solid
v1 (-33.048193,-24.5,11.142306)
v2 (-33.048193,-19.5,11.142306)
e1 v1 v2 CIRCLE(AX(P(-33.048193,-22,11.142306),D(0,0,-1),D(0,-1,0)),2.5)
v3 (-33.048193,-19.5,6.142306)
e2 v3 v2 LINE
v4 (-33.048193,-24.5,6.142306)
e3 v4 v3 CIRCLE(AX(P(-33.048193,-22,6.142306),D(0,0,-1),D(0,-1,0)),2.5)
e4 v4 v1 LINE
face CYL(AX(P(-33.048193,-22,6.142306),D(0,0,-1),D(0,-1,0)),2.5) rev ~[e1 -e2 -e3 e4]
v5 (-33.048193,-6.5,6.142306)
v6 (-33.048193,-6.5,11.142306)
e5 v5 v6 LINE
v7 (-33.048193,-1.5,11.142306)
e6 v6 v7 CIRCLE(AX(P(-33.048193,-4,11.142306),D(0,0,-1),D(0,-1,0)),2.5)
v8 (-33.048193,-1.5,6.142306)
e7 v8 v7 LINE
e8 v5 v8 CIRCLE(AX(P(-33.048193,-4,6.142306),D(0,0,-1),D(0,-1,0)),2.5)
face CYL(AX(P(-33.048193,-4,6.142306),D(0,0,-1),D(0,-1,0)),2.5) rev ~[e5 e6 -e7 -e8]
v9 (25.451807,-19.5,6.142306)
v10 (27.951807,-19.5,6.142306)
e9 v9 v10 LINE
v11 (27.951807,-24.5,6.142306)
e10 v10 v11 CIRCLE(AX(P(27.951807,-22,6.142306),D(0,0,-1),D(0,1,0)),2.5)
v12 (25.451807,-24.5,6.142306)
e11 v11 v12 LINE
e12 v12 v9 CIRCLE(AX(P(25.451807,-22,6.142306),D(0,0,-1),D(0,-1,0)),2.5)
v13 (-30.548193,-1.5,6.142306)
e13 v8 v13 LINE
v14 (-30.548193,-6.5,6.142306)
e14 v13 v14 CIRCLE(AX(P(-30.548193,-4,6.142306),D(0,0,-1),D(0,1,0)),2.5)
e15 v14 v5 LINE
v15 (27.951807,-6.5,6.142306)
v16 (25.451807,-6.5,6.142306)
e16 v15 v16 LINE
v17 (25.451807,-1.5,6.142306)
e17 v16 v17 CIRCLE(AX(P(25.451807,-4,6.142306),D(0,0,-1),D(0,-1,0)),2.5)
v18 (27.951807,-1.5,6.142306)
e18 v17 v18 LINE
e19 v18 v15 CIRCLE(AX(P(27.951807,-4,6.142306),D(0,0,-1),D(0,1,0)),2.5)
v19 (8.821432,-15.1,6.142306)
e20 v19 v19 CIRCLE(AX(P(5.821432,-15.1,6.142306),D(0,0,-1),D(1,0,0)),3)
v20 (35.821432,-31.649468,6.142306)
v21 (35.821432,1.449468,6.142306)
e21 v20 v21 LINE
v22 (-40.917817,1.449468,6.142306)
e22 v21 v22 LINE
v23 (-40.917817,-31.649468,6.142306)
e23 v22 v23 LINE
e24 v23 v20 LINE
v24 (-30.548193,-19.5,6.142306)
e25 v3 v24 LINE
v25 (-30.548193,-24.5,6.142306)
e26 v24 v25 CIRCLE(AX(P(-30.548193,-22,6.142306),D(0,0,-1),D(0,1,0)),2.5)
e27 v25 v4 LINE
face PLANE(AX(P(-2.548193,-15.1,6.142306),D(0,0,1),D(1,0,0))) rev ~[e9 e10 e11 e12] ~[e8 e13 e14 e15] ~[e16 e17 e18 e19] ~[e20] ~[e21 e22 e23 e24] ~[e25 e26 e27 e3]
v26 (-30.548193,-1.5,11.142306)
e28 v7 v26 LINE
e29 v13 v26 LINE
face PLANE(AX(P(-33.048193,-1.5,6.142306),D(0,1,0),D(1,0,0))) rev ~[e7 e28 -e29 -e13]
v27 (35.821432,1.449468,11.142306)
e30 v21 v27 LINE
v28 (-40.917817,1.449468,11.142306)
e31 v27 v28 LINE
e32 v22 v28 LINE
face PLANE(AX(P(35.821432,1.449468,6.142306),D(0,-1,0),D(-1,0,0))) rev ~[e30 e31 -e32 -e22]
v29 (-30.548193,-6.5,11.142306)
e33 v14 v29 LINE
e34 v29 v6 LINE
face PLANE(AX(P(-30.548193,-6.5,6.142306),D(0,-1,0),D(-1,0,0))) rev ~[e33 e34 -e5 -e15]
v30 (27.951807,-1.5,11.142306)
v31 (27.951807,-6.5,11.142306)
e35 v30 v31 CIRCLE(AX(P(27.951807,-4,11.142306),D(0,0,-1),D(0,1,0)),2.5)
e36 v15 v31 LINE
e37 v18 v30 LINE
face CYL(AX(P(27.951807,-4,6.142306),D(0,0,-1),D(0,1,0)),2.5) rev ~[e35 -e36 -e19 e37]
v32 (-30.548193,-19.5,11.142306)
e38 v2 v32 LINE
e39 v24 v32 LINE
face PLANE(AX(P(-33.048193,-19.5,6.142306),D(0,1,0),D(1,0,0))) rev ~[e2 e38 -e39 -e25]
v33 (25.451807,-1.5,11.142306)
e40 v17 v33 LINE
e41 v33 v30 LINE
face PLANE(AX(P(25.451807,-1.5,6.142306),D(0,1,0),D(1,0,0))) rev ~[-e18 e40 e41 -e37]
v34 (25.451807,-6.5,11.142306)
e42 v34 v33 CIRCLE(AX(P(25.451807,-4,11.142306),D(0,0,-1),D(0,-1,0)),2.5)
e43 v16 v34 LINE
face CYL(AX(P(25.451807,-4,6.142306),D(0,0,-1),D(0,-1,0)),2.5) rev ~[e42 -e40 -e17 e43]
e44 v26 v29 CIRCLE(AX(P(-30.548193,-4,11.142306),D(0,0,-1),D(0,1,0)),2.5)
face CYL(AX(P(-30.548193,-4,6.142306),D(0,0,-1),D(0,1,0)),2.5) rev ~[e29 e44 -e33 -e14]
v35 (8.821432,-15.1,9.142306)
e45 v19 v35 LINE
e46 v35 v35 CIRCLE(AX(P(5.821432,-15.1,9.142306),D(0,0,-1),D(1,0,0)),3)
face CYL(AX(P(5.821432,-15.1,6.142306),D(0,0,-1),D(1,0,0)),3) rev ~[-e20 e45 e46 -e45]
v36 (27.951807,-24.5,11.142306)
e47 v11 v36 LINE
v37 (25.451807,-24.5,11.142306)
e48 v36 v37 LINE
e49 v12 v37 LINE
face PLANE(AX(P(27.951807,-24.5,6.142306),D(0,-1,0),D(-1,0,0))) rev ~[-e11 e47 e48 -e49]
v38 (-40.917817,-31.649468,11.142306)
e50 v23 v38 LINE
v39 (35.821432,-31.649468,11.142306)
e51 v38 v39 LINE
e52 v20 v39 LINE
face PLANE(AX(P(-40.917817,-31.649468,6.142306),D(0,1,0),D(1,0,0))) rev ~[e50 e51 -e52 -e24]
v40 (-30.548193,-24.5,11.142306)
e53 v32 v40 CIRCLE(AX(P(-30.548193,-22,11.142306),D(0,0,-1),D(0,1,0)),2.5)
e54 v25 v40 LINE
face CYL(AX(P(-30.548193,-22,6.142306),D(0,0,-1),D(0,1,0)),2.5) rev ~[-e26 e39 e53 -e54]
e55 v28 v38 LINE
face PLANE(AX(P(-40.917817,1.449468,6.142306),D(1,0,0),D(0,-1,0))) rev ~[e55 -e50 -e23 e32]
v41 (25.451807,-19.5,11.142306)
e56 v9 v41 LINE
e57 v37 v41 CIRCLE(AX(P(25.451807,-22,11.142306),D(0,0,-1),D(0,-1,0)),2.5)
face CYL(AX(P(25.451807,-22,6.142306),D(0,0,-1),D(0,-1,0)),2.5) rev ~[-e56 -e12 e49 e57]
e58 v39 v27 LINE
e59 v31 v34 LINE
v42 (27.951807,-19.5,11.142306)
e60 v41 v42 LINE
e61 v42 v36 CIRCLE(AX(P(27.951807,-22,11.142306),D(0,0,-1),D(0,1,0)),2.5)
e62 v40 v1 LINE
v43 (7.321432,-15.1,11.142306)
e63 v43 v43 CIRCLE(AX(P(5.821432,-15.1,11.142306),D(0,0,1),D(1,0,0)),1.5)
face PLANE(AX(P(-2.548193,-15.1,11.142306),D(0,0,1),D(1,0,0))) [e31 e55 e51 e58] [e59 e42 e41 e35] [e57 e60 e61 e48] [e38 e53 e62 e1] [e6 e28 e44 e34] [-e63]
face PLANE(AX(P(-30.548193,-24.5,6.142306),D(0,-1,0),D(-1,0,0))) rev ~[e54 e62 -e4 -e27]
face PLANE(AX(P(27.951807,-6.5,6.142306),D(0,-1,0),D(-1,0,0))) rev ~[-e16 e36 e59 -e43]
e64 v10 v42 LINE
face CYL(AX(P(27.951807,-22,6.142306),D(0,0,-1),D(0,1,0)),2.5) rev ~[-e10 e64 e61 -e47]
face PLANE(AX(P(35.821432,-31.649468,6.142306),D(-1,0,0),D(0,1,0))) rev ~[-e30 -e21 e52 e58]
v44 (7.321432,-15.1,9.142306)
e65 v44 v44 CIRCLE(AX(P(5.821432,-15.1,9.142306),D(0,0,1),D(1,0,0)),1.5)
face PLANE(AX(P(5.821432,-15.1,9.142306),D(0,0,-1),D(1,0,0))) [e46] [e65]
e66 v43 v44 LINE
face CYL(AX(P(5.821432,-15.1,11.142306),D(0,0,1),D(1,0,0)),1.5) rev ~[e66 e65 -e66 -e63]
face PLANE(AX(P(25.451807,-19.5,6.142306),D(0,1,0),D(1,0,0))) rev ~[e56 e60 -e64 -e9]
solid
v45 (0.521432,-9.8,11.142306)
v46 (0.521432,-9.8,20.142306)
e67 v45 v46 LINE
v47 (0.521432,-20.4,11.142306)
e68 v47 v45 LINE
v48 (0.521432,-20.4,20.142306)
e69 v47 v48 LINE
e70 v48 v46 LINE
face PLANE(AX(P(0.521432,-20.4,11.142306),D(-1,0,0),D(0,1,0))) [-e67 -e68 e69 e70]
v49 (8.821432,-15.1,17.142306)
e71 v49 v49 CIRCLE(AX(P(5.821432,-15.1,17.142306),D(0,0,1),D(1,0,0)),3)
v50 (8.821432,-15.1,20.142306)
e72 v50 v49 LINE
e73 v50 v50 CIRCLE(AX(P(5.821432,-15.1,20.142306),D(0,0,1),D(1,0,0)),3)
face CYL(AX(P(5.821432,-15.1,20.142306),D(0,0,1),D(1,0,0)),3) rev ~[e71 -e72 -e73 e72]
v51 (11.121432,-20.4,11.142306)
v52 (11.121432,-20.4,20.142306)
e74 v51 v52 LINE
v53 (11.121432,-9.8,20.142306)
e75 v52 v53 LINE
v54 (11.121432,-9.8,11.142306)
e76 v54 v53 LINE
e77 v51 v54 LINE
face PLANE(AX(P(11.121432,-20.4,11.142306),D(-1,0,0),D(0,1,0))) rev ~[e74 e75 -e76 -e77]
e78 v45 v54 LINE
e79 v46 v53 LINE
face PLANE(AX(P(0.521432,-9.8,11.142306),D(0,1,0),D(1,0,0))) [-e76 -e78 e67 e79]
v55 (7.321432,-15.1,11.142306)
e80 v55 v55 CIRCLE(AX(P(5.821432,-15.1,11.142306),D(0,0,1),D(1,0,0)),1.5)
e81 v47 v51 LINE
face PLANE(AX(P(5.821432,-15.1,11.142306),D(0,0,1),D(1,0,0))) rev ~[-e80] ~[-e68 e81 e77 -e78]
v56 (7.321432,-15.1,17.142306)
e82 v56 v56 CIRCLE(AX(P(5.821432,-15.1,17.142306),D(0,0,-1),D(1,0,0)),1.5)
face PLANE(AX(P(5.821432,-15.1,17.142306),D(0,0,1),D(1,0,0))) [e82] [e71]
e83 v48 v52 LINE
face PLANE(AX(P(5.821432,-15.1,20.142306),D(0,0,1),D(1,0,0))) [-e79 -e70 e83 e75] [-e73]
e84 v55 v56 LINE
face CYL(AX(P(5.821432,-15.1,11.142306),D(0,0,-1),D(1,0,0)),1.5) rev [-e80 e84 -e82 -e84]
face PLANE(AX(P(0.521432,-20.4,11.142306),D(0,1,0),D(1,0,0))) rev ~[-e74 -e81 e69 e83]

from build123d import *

# Parameters (mm, degrees)
F0_W      = 34
F0_H      = 22
F0_R      = 4
F1_DEPTH  = 30.2
F3_DEPTH  = 5
F6_R      = 1.5
F7_DEPTH  = 25
F8_R      = 3
F9_DEPTH  = 3
F10_W     = 10.6
F10_H     = 10.6
F10_R     = 1.5
F11_DEPTH = 9
F12_R     = 3
F13_DEPTH = 3


with BuildPart() as f1:
    # F0 (on Front) → F1 (new body)
    with BuildSketch(Plane.XZ):
        with Locations((-19.0666666667, -4.8576944201)):
            Rectangle(F0_W, F0_H)
        with Locations((-19.0666666667, -4.8576944201)):
            Circle(F0_R, mode=Mode.SUBTRACT)
    extrude(amount=F1_DEPTH)


with BuildPart() as f1b:
    # F0 (on Front) → F1, piece 2 (new body)
    with BuildSketch(Plane.XZ):
        with Locations((17.7333333333, -4.8576944201)):
            Rectangle(F0_W, F0_H)
        with Locations((17.7333333333, -4.8576944201)):
            Circle(F0_R, mode=Mode.SUBTRACT)
    extrude(amount=F1_DEPTH)


with BuildPart() as f3:
    # F2 (on face) → F3 (new body)
    with BuildSketch(Plane.XY.offset(6.1423055799)):
        Polygon((-2.5481925458, 1.4494681964), (-40.9178168024, 1.4494681964), (-40.9178168024, -31.6494681964), (35.8214317108, -31.6494681964), (35.8214317108, 1.4494681964), align=None)
        with BuildLine():
            Line((-30.5481925458, -24.5), (-33.0481925458, -24.5))
            ThreePointArc((-33.0481925458, -24.5), (-35.5481925458, -22), (-33.0481925458, -19.5))
            Line((-33.0481925458, -19.5), (-30.5481925458, -19.5))
            ThreePointArc((-30.5481925458, -19.5), (-28.0481925458, -22), (-30.5481925458, -24.5))
        make_face(mode=Mode.SUBTRACT)
        with BuildLine():
            ThreePointArc((27.9518074542, -19.5), (30.4518074542, -22), (27.9518074542, -24.5))
            Line((27.9518074542, -24.5), (25.4518074542, -24.5))
            ThreePointArc((25.4518074542, -24.5), (22.9518074542, -22), (25.4518074542, -19.5))
            Line((25.4518074542, -19.5), (27.9518074542, -19.5))
        make_face(mode=Mode.SUBTRACT)
        with BuildLine():
            Line((-30.5481925458, -6.5), (-33.0481925458, -6.5))
            ThreePointArc((-33.0481925458, -6.5), (-35.5481925458, -4), (-33.0481925458, -1.5))
            Line((-33.0481925458, -1.5), (-30.5481925458, -1.5))
            ThreePointArc((-30.5481925458, -1.5), (-28.0481925458, -4), (-30.5481925458, -6.5))
        make_face(mode=Mode.SUBTRACT)
        with BuildLine():
            Line((25.4518074542, -1.5), (27.9518074542, -1.5))
            ThreePointArc((27.9518074542, -1.5), (30.4518074542, -4), (27.9518074542, -6.5))
            Line((27.9518074542, -6.5), (25.4518074542, -6.5))
            ThreePointArc((25.4518074542, -6.5), (22.9518074542, -4), (25.4518074542, -1.5))
        make_face(mode=Mode.SUBTRACT)
    extrude(amount=F3_DEPTH)

    # F6 (on face) → F7 (cut)
    with BuildSketch(Plane.XY.offset(11.1423055799)):
        with Locations((5.8214317108, -15.1)):
            Circle(F6_R)
    extrude(amount=-F7_DEPTH, mode=Mode.SUBTRACT)

    # F8 (on face) → F9 (cut)
    with BuildSketch(Plane(origin=(0, 0, 6.1423055799), x_dir=(1, 0, 0), z_dir=(0, 0, -1))):
        with Locations((5.8214317108, 15.1)):
            Circle(F8_R)
    extrude(amount=-F9_DEPTH, mode=Mode.SUBTRACT)


with BuildPart() as f11:
    # F10 (on face) → F11 (new body)
    with BuildSketch(Plane.XY.offset(11.1423055799)):
        with Locations((5.8214317108, -15.1)):
            Rectangle(F10_W, F10_H)
        with Locations((5.8214317108, -15.1)):
            Circle(F10_R, mode=Mode.SUBTRACT)
    extrude(amount=F11_DEPTH)

    # F12 (on face) → F13 (cut)
    with BuildSketch(Plane.XY.offset(20.1423055799)):
        with Locations((5.8214317108, -15.1)):
            Circle(F12_R)
    extrude(amount=-F13_DEPTH, mode=Mode.SUBTRACT)


solid = Compound([f3.part, f11.part])
